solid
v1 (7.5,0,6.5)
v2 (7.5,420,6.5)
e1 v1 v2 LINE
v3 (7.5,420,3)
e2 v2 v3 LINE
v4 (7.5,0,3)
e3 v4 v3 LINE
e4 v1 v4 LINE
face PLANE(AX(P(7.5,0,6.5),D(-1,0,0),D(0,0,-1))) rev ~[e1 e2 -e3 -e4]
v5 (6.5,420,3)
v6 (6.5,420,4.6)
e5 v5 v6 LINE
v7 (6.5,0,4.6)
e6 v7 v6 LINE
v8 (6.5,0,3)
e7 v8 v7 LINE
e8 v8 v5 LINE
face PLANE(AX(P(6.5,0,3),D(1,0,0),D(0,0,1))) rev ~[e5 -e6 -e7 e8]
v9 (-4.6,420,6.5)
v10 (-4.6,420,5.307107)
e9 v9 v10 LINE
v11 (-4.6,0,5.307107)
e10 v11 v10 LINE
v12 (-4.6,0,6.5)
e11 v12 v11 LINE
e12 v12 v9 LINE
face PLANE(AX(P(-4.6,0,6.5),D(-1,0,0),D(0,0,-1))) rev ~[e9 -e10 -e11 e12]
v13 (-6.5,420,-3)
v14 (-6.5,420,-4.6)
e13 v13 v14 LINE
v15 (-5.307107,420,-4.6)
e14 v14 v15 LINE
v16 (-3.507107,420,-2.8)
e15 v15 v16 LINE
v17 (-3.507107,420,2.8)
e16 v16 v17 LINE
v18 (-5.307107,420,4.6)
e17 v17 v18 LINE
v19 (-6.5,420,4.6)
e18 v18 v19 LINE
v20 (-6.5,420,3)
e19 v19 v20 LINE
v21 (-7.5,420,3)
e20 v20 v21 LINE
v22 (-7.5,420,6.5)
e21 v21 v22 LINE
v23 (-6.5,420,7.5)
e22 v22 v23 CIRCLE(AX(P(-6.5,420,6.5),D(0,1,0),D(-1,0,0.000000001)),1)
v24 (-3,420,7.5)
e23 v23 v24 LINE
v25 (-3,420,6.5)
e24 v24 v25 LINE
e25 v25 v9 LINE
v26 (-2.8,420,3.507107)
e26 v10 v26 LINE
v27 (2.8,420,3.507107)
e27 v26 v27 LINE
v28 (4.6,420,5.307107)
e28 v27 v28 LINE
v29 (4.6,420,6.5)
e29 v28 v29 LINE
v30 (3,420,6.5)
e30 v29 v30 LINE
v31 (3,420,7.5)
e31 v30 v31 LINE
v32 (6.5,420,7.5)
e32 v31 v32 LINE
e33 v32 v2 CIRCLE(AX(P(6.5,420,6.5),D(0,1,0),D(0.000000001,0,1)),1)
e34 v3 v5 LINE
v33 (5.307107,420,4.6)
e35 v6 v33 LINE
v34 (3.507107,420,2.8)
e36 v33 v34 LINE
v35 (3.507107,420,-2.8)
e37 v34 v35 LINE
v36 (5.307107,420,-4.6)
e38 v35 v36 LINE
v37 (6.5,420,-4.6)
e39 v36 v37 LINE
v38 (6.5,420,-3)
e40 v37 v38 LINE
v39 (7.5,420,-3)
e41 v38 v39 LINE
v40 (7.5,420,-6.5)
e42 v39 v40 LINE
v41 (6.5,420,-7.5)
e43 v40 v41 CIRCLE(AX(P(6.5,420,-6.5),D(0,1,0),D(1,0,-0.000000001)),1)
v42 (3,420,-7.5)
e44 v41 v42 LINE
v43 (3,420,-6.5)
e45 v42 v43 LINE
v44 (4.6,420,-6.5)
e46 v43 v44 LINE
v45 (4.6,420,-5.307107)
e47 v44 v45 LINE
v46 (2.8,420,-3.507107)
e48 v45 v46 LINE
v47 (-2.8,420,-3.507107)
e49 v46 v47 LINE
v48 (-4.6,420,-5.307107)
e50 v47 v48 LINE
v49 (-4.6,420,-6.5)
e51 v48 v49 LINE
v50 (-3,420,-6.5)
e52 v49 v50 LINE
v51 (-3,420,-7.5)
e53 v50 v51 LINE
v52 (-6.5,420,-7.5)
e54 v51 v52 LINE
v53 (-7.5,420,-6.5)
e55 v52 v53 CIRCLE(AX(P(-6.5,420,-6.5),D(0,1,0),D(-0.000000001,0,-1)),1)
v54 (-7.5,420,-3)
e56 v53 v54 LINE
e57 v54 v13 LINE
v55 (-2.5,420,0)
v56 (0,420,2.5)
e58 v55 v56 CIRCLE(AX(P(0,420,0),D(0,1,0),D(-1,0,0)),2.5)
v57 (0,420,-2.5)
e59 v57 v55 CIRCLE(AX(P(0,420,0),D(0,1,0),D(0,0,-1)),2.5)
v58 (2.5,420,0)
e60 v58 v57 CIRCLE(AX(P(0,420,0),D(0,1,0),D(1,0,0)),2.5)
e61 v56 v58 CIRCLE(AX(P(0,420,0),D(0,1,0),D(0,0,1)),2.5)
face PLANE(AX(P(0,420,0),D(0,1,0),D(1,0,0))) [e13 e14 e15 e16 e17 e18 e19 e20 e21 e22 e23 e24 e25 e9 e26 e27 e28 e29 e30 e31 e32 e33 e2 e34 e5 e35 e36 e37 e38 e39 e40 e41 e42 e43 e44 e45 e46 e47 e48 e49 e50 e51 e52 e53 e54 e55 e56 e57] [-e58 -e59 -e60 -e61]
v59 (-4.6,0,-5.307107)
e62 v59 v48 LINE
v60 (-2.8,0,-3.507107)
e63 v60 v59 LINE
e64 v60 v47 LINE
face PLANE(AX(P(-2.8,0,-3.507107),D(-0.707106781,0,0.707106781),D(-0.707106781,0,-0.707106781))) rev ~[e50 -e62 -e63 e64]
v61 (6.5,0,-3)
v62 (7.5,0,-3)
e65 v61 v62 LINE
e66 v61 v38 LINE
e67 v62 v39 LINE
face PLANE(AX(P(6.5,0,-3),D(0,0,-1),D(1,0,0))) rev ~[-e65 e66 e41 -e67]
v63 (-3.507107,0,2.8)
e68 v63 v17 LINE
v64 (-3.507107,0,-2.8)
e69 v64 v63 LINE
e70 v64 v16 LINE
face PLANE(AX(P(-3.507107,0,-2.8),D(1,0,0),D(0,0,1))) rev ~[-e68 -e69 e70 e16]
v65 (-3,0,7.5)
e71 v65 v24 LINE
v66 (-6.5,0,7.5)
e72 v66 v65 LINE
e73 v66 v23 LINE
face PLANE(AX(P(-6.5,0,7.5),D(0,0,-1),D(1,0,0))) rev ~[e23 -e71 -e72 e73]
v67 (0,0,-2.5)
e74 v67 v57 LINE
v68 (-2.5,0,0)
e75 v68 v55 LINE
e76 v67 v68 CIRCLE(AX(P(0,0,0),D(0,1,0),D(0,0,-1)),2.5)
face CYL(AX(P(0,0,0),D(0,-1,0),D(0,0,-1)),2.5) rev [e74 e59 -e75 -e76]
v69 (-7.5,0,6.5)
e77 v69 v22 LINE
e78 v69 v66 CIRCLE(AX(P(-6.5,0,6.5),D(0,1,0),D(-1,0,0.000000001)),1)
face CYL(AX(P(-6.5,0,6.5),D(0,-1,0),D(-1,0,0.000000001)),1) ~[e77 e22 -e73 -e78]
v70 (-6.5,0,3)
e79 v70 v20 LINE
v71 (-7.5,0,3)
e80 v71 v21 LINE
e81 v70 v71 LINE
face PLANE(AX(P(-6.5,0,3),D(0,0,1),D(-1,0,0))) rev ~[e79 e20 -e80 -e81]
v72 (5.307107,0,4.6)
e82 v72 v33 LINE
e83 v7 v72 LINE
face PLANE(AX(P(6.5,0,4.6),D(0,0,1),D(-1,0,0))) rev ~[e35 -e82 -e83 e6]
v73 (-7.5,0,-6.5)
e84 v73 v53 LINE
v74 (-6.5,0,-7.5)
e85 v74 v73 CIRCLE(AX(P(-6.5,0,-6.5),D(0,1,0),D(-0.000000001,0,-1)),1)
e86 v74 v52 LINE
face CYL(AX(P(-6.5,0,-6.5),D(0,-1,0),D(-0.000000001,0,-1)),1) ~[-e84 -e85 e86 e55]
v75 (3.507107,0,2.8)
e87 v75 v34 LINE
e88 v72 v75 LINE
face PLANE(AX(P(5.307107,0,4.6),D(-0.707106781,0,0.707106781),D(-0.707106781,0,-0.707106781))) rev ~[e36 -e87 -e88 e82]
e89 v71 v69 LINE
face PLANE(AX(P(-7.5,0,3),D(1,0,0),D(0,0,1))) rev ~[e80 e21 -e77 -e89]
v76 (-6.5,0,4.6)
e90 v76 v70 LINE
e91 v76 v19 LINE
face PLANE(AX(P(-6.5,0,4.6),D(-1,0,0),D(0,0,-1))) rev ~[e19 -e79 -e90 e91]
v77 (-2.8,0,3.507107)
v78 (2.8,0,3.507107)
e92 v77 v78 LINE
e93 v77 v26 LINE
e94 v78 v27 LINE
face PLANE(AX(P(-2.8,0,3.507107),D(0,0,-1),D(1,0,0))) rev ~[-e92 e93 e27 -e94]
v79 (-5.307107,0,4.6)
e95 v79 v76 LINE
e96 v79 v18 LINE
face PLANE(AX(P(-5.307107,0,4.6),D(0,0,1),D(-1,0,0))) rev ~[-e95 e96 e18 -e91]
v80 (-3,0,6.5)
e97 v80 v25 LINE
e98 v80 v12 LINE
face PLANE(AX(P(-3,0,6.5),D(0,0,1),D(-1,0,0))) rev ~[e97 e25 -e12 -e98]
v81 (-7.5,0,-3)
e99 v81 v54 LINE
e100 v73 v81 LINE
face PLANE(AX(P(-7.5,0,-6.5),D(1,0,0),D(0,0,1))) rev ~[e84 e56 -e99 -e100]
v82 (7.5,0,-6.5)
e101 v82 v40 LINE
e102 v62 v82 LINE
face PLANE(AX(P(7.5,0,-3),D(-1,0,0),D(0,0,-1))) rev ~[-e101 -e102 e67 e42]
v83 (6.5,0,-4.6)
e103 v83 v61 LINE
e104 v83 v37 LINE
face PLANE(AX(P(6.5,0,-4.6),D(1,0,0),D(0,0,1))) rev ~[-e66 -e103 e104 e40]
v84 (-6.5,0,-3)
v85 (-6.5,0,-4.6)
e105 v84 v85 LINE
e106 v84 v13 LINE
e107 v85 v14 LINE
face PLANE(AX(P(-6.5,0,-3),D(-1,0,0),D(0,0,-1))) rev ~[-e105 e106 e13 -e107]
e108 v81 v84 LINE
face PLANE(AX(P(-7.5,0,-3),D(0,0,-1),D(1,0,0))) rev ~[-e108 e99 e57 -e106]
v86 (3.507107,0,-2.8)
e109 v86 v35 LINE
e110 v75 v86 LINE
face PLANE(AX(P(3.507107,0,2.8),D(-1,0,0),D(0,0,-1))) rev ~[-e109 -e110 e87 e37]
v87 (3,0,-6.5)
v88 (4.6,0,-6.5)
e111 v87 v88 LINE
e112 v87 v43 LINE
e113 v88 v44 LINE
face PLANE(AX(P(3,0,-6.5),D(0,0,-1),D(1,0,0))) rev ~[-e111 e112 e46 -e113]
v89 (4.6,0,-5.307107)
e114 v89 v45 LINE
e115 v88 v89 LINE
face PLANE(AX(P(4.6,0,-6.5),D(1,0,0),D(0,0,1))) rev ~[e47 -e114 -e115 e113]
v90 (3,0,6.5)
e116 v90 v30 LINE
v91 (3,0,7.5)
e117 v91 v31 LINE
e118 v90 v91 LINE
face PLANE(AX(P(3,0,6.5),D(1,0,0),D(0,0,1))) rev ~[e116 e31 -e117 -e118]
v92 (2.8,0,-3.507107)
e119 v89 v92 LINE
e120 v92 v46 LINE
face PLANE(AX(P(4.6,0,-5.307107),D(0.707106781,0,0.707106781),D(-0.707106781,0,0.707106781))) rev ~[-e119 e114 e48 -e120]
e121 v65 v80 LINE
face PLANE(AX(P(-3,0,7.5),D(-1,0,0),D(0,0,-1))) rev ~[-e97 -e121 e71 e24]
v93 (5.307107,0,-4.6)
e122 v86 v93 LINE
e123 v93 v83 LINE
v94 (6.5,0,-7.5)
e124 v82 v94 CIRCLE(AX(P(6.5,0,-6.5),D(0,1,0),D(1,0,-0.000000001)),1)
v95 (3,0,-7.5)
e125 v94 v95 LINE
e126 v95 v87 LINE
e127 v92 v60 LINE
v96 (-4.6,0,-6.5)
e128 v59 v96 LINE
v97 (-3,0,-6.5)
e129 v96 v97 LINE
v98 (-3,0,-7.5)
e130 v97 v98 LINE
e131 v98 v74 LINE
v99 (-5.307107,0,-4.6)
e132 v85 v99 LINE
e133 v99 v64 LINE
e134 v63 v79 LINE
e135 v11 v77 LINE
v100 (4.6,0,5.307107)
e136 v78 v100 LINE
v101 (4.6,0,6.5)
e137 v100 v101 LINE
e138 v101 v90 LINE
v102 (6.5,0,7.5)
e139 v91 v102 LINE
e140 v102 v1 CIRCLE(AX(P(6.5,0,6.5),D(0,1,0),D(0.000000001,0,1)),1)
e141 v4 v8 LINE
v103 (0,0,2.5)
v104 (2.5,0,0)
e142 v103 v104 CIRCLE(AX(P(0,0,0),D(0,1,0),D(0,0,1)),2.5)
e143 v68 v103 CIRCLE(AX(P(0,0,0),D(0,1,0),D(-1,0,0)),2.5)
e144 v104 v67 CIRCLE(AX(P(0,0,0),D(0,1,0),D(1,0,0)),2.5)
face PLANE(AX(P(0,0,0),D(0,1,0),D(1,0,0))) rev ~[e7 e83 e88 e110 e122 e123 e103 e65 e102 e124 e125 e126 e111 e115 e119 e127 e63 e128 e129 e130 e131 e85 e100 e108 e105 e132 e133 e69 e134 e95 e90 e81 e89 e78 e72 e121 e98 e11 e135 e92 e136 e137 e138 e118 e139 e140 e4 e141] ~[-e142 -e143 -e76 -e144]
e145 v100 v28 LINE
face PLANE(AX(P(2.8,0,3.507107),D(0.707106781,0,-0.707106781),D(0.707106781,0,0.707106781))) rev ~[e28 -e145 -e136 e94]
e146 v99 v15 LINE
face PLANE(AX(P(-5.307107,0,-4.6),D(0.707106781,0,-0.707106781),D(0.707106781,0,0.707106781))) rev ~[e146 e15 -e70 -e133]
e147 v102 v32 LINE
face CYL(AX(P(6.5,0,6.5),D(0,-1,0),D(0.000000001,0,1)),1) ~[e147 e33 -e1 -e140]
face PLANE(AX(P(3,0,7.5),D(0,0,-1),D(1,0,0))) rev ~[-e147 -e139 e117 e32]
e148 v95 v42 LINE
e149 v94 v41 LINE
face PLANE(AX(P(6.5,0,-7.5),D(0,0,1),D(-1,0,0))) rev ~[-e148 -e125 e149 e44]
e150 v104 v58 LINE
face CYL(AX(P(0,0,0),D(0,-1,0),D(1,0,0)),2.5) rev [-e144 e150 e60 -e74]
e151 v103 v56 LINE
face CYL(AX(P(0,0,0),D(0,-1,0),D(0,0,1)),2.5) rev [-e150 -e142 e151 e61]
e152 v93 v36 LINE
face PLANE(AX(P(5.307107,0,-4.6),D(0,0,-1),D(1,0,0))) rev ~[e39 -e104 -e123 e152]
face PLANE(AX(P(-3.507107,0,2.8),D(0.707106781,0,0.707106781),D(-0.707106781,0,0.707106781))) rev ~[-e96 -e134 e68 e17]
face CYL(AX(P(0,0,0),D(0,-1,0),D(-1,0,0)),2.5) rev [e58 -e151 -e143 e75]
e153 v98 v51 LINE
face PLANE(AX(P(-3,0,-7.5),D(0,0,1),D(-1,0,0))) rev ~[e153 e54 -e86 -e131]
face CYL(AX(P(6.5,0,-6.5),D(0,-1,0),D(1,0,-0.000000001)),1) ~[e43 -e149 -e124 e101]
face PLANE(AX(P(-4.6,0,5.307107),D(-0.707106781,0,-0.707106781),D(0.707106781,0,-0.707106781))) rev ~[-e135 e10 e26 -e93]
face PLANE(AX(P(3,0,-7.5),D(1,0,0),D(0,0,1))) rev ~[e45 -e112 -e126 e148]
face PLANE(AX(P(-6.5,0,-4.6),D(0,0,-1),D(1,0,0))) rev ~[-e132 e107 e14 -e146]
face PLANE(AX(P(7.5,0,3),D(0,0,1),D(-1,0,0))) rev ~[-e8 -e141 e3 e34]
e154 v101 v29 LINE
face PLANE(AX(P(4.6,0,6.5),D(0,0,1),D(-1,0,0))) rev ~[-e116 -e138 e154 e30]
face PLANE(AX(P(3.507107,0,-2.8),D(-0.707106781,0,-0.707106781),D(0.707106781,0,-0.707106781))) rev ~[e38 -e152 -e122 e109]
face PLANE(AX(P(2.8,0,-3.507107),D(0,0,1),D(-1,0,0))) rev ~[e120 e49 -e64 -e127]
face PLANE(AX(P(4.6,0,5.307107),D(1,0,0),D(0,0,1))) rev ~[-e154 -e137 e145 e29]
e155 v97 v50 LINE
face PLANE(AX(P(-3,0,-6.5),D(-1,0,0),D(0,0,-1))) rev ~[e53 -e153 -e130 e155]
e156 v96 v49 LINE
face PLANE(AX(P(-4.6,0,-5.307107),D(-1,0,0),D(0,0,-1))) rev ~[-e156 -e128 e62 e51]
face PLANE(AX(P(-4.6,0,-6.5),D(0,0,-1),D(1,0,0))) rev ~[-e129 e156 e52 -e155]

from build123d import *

# Parameters (mm, degrees)
BOSS_EXTRUDE1_DEPTH = 420


with BuildPart() as part:
    # Sketch1 → Boss-Extrude1 (new body)
    with BuildSketch(Plane(origin=(0, 0, 0), x_dir=(1, 0, 0), z_dir=(0, 1, 0))):
        with BuildLine():
            Line((-7.5, -3), (-7.5, -6.5))
            ThreePointArc((-7.5, -6.5), (-7.207106781, -7.207106781), (-6.5, -7.5))
            Line((-6.5, -7.5), (-3, -7.5))
            Line((-3, -7.5), (-3, -6.5))
            Line((-3, -6.5), (-4.6, -6.5))
            Line((-4.6, -6.5), (-4.6, -5.307106781))
            Line((-4.6, -5.307106781), (-2.8, -3.507106781))
            Line((-2.8, -3.507106781), (0, -3.507106781))
            Line((0, -3.507106781), (2.8, -3.507106781))
            Line((2.8, -3.507106781), (4.6, -5.307106781))
            Line((4.6, -5.307106781), (4.6, -6.5))
            Line((4.6, -6.5), (3, -6.5))
            Line((3, -6.5), (3, -7.5))
            Line((3, -7.5), (6.5, -7.5))
            ThreePointArc((6.5, -7.5), (7.207106781, -7.207106781), (7.5, -6.5))
            Line((7.5, -6.5), (7.5, -3))
            Line((7.5, -3), (6.5, -3))
            Line((6.5, -3), (6.5, -4.6))
            Line((6.5, -4.6), (5.307106781, -4.6))
            Line((5.307106781, -4.6), (3.507106781, -2.8))
            Line((3.507106781, -2.8), (3.507106781, 0))
            Line((3.507106781, 0), (3.507106781, 2.8))
            Line((3.507106781, 2.8), (5.307106781, 4.6))
            Line((5.307106781, 4.6), (6.5, 4.6))
            Line((6.5, 4.6), (6.5, 3))
            Line((6.5, 3), (7.5, 3))
            Line((7.5, 3), (7.5, 6.5))
            ThreePointArc((7.5, 6.5), (7.207106781, 7.207106781), (6.5, 7.5))
            Line((6.5, 7.5), (3, 7.5))
            Line((3, 7.5), (3, 6.5))
            Line((3, 6.5), (4.6, 6.5))
            Line((4.6, 6.5), (4.6, 5.307106781))
            Line((4.6, 5.307106781), (2.8, 3.507106781))
            Line((2.8, 3.507106781), (0, 3.507106781))
            Line((0, 3.507106781), (-2.8, 3.507106781))
            Line((-2.8, 3.507106781), (-4.6, 5.307106781))
            Line((-4.6, 5.307106781), (-4.6, 6.5))
            Line((-4.6, 6.5), (-3, 6.5))
            Line((-3, 6.5), (-3, 7.5))
            Line((-3, 7.5), (-6.5, 7.5))
            ThreePointArc((-6.5, 7.5), (-7.207106781, 7.207106781), (-7.5, 6.5))
            Line((-7.5, 6.5), (-7.5, 3))
            Line((-7.5, 3), (-6.5, 3))
            Line((-6.5, 3), (-6.5, 4.6))
            Line((-6.5, 4.6), (-5.307106781, 4.6))
            Line((-5.307106781, 4.6), (-3.507106781, 2.8))
            Line((-3.507106781, 2.8), (-3.507106781, 0))
            Line((-3.507106781, 0), (-3.507106781, -2.8))
            Line((-3.507106781, -2.8), (-5.307106781, -4.6))
            Line((-5.307106781, -4.6), (-6.5, -4.6))
            Line((-6.5, -4.6), (-6.5, -3))
            Line((-6.5, -3), (-7.5, -3))
        make_face()
        with BuildLine():
            ThreePointArc((-2.5, 0), (-1.767766953, -1.767766953), (0, -2.5))
            ThreePointArc((0, -2.5), (1.767766953, -1.767766953), (2.5, 0))
            ThreePointArc((2.5, 0), (1.767766953, 1.767766953), (0, 2.5))
            ThreePointArc((0, 2.5), (-1.767766953, 1.767766953), (-2.5, 0))
        make_face(mode=Mode.SUBTRACT)
    extrude(amount=BOSS_EXTRUDE1_DEPTH)


solid = part.part
